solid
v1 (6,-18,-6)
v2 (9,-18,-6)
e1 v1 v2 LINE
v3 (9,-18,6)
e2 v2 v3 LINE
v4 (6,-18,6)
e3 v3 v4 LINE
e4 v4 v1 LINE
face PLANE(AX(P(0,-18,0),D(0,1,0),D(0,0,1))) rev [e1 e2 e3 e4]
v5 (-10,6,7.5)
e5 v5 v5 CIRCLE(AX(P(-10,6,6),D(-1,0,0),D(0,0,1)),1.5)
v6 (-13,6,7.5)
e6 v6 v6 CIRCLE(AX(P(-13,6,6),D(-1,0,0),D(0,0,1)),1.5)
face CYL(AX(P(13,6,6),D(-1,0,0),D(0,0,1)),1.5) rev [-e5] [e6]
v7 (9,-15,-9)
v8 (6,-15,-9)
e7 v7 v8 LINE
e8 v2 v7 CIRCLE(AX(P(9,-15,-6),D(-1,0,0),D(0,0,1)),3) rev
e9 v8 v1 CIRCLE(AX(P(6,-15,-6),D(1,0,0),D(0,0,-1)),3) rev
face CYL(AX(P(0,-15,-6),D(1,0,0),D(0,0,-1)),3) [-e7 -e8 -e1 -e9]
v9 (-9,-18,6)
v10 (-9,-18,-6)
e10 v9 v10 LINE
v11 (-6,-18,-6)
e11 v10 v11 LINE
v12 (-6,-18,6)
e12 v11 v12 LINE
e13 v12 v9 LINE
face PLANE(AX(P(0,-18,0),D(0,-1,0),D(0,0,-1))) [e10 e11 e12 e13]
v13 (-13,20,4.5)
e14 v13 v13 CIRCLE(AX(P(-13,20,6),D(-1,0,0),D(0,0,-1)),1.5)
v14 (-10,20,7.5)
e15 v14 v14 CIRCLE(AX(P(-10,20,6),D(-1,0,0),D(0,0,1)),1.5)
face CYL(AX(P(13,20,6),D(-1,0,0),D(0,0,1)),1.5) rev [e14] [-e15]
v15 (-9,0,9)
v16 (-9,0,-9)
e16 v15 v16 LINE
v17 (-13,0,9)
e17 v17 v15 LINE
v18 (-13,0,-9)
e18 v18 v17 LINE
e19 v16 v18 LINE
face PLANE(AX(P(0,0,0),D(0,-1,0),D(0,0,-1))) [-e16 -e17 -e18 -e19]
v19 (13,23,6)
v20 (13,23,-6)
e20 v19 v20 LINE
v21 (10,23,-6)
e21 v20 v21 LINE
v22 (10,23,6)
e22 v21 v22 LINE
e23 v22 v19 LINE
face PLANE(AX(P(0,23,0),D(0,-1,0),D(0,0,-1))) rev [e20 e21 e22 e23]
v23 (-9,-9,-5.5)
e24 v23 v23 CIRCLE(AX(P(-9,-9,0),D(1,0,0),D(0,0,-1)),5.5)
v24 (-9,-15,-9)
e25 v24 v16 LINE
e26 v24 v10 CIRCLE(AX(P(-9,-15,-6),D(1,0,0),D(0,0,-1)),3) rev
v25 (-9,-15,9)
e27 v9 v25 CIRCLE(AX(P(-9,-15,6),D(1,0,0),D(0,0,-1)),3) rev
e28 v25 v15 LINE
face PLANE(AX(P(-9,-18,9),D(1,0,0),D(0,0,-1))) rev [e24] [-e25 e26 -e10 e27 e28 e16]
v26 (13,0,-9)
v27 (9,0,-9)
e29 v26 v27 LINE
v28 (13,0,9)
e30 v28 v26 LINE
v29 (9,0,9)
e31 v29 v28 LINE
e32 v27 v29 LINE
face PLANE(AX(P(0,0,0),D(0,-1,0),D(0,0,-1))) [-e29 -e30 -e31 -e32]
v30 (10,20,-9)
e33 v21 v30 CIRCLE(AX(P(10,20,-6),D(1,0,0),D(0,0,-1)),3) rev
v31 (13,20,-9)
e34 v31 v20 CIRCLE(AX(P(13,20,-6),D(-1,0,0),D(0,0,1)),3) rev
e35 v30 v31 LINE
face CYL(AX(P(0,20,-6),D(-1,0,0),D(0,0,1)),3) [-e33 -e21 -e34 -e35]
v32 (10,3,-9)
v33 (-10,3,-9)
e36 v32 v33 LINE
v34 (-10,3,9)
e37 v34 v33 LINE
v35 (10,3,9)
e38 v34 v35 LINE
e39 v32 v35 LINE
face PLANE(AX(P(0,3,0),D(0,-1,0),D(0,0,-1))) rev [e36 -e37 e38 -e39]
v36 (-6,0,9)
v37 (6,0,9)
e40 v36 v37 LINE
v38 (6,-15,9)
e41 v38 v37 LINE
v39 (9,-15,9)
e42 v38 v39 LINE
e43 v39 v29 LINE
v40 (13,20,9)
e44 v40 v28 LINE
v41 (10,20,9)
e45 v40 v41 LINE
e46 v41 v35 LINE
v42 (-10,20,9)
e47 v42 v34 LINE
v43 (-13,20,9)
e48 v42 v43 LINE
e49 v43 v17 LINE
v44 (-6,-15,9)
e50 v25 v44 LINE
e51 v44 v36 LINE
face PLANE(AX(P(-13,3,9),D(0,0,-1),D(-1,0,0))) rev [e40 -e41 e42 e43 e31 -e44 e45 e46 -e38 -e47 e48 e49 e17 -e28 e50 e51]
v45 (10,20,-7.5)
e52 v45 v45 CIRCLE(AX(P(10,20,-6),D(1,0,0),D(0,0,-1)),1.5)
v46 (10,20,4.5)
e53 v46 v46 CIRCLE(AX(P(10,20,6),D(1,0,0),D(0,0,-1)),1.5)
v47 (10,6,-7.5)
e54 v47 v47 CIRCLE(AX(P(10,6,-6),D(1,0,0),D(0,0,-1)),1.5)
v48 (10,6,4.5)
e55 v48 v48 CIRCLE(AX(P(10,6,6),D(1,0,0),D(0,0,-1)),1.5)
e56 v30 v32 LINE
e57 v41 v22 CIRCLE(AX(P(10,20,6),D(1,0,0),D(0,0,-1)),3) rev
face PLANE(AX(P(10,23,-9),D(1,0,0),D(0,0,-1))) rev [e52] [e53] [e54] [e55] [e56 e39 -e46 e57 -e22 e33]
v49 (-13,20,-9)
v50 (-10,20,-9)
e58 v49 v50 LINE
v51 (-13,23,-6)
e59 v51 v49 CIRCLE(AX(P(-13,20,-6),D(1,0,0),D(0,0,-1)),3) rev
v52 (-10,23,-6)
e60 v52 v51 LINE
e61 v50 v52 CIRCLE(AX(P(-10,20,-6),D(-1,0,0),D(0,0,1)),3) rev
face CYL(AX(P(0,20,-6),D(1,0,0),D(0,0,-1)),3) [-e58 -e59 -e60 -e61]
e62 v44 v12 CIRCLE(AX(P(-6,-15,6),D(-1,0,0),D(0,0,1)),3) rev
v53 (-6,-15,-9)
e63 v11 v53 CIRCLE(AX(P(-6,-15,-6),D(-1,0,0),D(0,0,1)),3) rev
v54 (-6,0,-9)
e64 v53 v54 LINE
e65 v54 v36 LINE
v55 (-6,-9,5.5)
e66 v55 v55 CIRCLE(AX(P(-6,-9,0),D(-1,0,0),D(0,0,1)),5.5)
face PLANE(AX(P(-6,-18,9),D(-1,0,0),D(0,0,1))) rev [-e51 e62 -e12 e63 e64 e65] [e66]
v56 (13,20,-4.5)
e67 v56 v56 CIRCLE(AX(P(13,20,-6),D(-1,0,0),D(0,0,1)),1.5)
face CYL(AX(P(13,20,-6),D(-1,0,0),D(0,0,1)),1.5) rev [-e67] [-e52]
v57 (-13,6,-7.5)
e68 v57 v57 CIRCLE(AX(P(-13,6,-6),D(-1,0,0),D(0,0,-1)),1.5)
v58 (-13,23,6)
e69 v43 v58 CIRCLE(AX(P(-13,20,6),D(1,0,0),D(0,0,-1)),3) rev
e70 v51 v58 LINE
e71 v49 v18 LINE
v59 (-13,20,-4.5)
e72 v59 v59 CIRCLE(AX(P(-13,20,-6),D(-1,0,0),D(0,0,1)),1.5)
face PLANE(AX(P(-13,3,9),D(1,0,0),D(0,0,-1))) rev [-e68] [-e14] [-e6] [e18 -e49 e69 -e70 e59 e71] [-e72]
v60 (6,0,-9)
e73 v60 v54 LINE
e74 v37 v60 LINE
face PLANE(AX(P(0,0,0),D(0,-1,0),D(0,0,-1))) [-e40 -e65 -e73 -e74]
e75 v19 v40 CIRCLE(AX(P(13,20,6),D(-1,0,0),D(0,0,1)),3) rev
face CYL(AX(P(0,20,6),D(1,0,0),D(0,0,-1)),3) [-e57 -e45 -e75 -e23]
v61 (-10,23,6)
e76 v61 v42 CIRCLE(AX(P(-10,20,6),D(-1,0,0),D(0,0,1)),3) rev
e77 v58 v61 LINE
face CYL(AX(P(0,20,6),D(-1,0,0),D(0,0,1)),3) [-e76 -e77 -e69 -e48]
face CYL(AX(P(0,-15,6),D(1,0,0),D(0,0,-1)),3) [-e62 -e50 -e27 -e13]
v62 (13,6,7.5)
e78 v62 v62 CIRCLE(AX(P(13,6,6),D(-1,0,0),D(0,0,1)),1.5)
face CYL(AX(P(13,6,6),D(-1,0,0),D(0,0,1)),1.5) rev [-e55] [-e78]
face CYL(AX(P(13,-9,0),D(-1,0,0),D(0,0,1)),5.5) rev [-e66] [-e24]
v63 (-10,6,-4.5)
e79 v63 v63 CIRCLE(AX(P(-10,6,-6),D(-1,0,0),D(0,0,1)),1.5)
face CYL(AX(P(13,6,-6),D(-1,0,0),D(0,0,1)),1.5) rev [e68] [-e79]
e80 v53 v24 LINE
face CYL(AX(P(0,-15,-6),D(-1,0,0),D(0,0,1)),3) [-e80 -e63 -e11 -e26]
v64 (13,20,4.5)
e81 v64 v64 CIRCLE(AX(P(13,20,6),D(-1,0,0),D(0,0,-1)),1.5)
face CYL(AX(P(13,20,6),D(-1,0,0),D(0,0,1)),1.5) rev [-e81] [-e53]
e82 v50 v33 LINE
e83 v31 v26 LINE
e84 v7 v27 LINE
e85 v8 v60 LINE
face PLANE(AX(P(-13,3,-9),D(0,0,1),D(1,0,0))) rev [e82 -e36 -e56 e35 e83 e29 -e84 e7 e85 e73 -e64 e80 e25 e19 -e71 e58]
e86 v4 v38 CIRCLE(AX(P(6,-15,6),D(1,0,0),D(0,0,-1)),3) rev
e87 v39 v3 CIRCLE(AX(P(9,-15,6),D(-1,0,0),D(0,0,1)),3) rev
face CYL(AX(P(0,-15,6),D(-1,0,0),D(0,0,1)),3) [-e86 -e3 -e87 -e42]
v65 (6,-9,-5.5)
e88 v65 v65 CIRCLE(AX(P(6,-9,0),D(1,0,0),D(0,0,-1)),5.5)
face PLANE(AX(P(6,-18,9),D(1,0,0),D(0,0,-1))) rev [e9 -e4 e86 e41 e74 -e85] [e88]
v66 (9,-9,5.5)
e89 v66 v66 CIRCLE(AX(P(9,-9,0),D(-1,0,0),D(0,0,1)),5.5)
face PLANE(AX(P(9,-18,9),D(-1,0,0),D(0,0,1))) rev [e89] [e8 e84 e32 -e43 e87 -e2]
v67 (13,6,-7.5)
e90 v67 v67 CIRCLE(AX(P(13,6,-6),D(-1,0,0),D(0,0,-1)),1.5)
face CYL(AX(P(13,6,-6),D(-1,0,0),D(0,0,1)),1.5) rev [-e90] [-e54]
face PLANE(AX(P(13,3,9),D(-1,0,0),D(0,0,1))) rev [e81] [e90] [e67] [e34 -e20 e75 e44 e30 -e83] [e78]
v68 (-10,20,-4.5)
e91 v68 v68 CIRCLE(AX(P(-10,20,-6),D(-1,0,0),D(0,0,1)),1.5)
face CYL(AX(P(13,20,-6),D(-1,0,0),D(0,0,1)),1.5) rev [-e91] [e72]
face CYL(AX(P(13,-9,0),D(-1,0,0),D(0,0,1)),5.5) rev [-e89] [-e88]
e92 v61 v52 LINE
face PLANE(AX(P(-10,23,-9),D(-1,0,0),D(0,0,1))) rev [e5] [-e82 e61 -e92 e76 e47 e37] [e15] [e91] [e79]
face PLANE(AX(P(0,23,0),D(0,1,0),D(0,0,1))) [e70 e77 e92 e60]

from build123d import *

# Parameters (mm, degrees)
SKETCH_1_W          = 26
SKETCH_1_H          = 18
EXTRUDE_1_DEPTH     = 3
SKETCH_2_W          = 3
SKETCH_2_H          = 18
EXTRUDE_2_DEPTH     = 20
SKETCH_3_W          = 3
SKETCH_3_H          = 18
EXTRUDE_3_DEPTH     = 18
SKETCH_4_R          = 1.5
CUT_EXTRUDE_1_DEPTH = 36.860842154
FILLET_1_R          = 3
SKETCH_5_R          = 5.5
CUT_EXTRUDE_2_DEPTH = 36.860842154
FILLET_2_R          = 3


with BuildPart() as part:
    # 草图1 → 凸台-拉伸1 (new body)
    with BuildSketch(Plane(origin=(0, 0, 0), x_dir=(1, 0, 0), z_dir=(0, 1, 0))):
        Rectangle(SKETCH_1_W, SKETCH_1_H)
    extrude(amount=EXTRUDE_1_DEPTH)

    # 草图2 → 凸台-拉伸2 (add)
    with BuildSketch(Plane(origin=(0, 3, 0), x_dir=(1, 0, 0), z_dir=(0, 1, 0))):
        with Locations((-11.5, 0)):
            Rectangle(SKETCH_2_W, SKETCH_2_H)
        with Locations((11.5, 0)):
            Rectangle(SKETCH_2_W, SKETCH_2_H)
    extrude(amount=EXTRUDE_2_DEPTH)

    # 草图3 → 凸台-拉伸3 (add)
    with BuildSketch(Plane.XZ):
        with Locations((-7.5, 0)):
            Rectangle(SKETCH_3_W, SKETCH_3_H)
        with Locations((7.5, 0)):
            Rectangle(SKETCH_3_W, SKETCH_3_H)
    extrude(amount=EXTRUDE_3_DEPTH)

    # 草图4 → 切除-拉伸1 (cut, through all)
    with BuildSketch(Plane.ZY.offset(13)):
        with Locations((-6, 20)):
            Circle(SKETCH_4_R)
        with Locations(Location((6, 20, 0), (0, 0, 180))):
            Circle(SKETCH_4_R)
        with Locations((6, 6)):
            Circle(SKETCH_4_R)
        with Locations(Location((-6, 6, 0), (0, 0, 180))):
            Circle(SKETCH_4_R)
    extrude(amount=-CUT_EXTRUDE_1_DEPTH, mode=Mode.SUBTRACT)

    # 圆角1
    fillet_1_edges = [part.edges().sort_by_distance(p)[0] for p in [
        (-11.5, 23, 9),
        (-11.5, 23, -9),
        (11.5, 23, -9),
        (11.5, 23, 9),
    ]]
    fillet(fillet_1_edges, radius=FILLET_1_R)

    # 草图5 → 切除-拉伸2 (cut, through all)
    with BuildSketch(Plane.ZY.offset(13)):
        with Locations((0, -9)):
            Circle(SKETCH_5_R)
    extrude(amount=-CUT_EXTRUDE_2_DEPTH, mode=Mode.SUBTRACT)

    # 圆角2
    fillet_2_edges = [part.edges().sort_by_distance(p)[0] for p in [
        (-7.5, -18, -9),
        (-7.5, -18, 9),
        (7.5, -18, 9),
        (7.5, -18, -9),
    ]]
    fillet(fillet_2_edges, radius=FILLET_2_R)


solid = part.part
